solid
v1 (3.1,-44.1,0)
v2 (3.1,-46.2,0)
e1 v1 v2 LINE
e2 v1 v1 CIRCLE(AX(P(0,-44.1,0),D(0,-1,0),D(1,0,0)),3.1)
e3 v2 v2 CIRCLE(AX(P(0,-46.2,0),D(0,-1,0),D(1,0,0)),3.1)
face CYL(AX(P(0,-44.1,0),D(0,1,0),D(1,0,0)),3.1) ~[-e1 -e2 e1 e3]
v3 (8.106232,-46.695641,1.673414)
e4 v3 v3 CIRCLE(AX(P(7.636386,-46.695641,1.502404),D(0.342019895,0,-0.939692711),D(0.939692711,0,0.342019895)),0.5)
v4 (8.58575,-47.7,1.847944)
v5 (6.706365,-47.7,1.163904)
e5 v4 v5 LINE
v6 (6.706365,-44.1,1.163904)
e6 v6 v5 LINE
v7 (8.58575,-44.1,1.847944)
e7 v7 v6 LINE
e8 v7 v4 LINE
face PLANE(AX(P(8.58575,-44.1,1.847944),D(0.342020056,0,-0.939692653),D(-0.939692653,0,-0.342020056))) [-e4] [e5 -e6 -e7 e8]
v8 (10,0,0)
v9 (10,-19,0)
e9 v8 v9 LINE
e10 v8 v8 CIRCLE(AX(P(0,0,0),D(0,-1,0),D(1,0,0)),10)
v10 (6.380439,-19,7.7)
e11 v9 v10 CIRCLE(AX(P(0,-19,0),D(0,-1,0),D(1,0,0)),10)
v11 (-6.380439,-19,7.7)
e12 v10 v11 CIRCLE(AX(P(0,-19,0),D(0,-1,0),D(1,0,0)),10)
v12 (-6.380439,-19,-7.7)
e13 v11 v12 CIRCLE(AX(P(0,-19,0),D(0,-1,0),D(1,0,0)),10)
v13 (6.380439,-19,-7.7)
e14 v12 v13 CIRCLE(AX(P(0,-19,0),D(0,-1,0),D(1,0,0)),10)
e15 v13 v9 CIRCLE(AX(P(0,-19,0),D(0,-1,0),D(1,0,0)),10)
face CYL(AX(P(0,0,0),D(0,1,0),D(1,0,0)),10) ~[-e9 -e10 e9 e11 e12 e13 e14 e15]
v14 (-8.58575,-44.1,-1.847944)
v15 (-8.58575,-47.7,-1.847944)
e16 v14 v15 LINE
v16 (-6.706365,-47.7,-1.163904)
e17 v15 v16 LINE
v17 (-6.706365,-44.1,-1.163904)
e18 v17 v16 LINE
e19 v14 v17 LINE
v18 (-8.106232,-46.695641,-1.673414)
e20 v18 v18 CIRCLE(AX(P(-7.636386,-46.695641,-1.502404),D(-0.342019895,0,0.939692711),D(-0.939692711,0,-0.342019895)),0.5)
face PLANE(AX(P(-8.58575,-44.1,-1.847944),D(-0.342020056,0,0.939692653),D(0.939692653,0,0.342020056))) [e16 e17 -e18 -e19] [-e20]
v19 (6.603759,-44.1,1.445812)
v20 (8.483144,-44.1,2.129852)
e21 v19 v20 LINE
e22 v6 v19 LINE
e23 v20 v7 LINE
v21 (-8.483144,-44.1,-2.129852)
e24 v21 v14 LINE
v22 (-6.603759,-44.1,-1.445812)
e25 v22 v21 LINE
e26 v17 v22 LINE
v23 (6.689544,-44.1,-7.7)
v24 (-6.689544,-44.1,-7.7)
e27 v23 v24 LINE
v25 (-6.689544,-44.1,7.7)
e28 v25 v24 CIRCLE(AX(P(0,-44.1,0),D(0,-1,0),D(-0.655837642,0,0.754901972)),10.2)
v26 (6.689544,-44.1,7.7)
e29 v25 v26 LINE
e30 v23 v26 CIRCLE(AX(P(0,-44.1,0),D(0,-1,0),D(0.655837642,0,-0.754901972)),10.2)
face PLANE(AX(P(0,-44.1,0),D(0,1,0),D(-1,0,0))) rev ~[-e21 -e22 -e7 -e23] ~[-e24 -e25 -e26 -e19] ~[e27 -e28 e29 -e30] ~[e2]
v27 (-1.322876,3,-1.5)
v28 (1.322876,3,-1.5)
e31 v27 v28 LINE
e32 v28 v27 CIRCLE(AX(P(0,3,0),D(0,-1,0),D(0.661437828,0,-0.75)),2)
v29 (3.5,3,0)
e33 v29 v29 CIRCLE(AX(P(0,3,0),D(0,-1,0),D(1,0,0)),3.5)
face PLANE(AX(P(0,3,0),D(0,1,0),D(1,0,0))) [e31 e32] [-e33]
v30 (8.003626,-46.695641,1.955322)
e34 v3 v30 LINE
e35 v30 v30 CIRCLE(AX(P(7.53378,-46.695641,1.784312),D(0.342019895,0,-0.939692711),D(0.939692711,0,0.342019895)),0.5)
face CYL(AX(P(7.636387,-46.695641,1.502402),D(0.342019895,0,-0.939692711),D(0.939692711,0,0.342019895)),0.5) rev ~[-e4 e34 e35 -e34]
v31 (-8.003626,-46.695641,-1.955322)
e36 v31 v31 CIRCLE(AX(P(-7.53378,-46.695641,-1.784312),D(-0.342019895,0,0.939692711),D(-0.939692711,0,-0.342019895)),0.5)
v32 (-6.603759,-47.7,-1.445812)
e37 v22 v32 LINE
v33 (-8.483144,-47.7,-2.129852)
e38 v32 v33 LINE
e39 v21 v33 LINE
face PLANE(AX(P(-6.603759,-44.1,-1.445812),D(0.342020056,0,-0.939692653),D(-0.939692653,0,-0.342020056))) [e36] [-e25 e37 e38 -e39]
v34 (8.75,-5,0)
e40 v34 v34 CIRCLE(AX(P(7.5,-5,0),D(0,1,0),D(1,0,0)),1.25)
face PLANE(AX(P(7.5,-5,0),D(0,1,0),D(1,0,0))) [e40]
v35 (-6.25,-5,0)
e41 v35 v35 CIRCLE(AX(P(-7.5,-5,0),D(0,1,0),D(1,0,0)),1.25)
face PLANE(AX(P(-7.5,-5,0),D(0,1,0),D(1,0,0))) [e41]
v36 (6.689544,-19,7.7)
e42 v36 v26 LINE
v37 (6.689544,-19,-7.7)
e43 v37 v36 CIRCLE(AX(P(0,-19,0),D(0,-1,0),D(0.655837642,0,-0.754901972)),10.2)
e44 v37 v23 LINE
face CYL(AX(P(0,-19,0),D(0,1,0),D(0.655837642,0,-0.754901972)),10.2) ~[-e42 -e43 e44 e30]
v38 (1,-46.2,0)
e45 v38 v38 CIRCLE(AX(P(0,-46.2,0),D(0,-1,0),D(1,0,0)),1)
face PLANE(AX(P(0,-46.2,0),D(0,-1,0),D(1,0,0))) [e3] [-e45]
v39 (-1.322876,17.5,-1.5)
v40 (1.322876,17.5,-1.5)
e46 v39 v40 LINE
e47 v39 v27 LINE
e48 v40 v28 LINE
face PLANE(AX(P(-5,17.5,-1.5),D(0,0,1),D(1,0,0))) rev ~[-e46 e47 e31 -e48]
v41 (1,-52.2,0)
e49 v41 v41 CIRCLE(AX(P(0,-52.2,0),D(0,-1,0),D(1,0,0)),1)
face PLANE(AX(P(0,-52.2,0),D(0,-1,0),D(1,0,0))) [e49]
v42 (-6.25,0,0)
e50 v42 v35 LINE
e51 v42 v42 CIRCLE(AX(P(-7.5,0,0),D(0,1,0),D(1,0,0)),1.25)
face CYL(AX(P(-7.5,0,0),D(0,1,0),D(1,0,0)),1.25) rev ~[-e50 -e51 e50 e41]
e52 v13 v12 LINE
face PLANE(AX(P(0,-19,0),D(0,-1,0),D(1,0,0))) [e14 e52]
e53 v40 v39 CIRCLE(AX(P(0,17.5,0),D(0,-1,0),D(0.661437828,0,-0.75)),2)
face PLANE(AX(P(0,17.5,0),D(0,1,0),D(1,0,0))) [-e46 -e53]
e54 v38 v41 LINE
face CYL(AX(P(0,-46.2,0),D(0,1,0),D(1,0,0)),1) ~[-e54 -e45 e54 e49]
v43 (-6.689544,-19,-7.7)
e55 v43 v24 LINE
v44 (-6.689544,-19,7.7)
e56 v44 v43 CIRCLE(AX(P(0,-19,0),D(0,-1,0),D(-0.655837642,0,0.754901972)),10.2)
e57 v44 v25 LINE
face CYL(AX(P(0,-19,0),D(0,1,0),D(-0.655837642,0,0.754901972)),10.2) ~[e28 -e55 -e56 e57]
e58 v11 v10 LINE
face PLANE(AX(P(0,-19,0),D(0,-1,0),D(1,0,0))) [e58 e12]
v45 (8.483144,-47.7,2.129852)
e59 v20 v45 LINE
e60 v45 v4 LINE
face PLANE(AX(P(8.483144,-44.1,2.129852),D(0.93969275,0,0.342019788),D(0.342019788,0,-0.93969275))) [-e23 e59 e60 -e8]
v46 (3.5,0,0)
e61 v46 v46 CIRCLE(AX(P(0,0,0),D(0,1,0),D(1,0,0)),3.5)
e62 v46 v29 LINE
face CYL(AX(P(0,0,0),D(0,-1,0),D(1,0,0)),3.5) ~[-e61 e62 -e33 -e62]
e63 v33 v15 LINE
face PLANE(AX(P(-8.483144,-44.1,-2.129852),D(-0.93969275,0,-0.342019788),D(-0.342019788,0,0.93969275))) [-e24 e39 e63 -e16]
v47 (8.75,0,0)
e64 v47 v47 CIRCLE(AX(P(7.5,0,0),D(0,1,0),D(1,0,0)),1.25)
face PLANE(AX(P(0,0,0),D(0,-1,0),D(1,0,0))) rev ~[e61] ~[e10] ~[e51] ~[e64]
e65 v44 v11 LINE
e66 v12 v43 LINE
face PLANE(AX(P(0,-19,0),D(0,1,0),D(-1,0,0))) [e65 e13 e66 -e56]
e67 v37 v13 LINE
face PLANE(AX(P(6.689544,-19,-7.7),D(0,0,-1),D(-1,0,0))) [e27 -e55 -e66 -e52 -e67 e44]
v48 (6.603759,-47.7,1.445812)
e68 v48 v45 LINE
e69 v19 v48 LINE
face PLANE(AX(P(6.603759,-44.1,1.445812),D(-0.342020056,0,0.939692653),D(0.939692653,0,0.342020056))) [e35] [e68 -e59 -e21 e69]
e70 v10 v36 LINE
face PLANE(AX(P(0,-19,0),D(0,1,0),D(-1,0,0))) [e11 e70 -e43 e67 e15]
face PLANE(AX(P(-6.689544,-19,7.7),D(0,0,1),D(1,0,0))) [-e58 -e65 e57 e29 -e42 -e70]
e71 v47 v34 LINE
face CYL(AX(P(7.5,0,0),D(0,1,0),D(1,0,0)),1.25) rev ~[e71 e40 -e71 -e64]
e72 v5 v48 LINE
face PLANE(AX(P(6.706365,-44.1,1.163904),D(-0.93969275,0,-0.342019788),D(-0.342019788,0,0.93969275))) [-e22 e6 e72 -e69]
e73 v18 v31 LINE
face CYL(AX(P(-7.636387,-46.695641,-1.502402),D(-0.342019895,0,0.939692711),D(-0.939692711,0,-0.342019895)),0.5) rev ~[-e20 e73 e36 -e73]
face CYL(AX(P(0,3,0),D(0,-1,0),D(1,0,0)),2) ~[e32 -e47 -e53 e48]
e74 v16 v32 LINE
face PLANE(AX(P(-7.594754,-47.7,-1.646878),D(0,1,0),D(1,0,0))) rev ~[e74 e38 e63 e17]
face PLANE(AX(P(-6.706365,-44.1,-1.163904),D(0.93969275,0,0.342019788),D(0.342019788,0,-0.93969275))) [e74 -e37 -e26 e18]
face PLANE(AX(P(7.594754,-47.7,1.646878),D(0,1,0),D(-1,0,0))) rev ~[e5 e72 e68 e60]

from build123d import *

# Parameters (mm, degrees)
SKETCH_R              = 10
PAD_DEPTH             = 19
SKETCH001_R           = 3.5
PAD001_DEPTH          = 3
SKETCH002_R           = 2
PAD002_DEPTH          = 14.5
SKETCH003_W           = 10
SKETCH003_H           = 5
POCKET_DEPTH          = 14.5
PAD003_DEPTH          = 25.1
SKETCH005_R           = 3.1
PAD004_DEPTH          = 2.1
SKETCH006_R           = 1
PAD005_DEPTH          = 6
PAD006_DEPTH          = 3.6
SKETCH009_R           = 0.5
POCKET001_DEPTH       = 5
POLARPATTERN_COUNT    = 2
POLARPATTERN001_COUNT = 2
SKETCH010_R           = 1.25
POCKET002_DEPTH       = 5


with BuildPart() as part:
    # Sketch → Pad (new body)
    with BuildSketch(Plane.XZ):
        Circle(SKETCH_R)
    extrude(amount=PAD_DEPTH)

    # Sketch001 (on Face2 of Pad) → Pad001 (join)
    with BuildSketch(Plane(origin=(0, 0, 0), x_dir=(1, 0, 0), z_dir=(0, 1, 0))):
        Circle(SKETCH001_R)
    extrude(amount=PAD001_DEPTH)

    # Sketch002 (on Face5 of Pad001) → Pad002 (join)
    with BuildSketch(Plane(origin=(0, 3, 0), x_dir=(1, 0, 0), z_dir=(0, 1, 0))):
        Circle(SKETCH002_R)
    extrude(amount=PAD002_DEPTH)

    # Sketch003 (on Face7 of Pad002) → Pocket (cut)
    with BuildSketch(Plane(origin=(0, 17.5, 0), x_dir=(1, 0, 0), z_dir=(0, 1, 0))):
        with Locations((0, 4)):
            Rectangle(SKETCH003_W, SKETCH003_H)
    extrude(amount=-POCKET_DEPTH, mode=Mode.SUBTRACT)

    # Sketch004 (on Face3 of Pocket) → Pad003 (join)
    with BuildSketch(Plane.XZ.offset(19)):
        with BuildLine():
            Line((-6.689544, 7.7), (6.689544, 7.7))
            ThreePointArc((6.689544, -7.7), (10.2, 0), (6.689544, 7.7))
            Line((6.689544, -7.7), (-6.689544, -7.7))
            ThreePointArc((-6.689544, 7.7), (-10.2, 0), (-6.689544, -7.7))
        make_face()
    extrude(amount=PAD003_DEPTH)

    # Sketch005 (on Face14 of Pad003) → Pad004 (join)
    with BuildSketch(Plane.XZ.offset(44.1)):
        Circle(SKETCH005_R)
    extrude(amount=PAD004_DEPTH)

    # Sketch006 (on Face21 of Pad004) → Pad005 (join)
    with BuildSketch(Plane.XZ.offset(46.2)):
        Circle(SKETCH006_R)
    extrude(amount=PAD005_DEPTH)

    # Sketch008 (on Face14 of Pad005) → Pad006 (join)
    with BuildSketch(Plane.XZ.offset(44.1)):
        Polygon((6.603759, 1.445812), (8.483144, 2.129852), (8.58575, 1.847944), (6.706365, 1.163904), align=None)
    pad006 = extrude(amount=PAD006_DEPTH)

    # Sketch009 (on Face21 of Pad006) → Pocket001 (cut)
    with BuildSketch(Plane(origin=(0.410424, 0, -1.127631), x_dir=(0.939693, 0, 0.34202), z_dir=(0.34202, 0, -0.939693))):
        with Locations((7.689708, 46.695641)):
            Circle(SKETCH009_R)
    pocket001 = extrude(amount=-POCKET001_DEPTH, mode=Mode.SUBTRACT)

    # PolarPattern: Pad006 ×2 about axis
    polarpattern_axis = Axis((0, -44.1, 0), (0, -1, 0))
    for i in range(1, POLARPATTERN_COUNT):
        add(pad006.rotate(polarpattern_axis, i * 360 / POLARPATTERN_COUNT))

    # PolarPattern001: Pocket001 ×2 about axis
    polarpattern001_axis = Axis((0, 0, 0), (0, 1, 0))
    for i in range(1, POLARPATTERN001_COUNT):
        add(pocket001.rotate(polarpattern001_axis, i * 360 / POLARPATTERN001_COUNT), mode=Mode.SUBTRACT)

    # Sketch010 (on Face2 of PolarPattern001) → Pocket002 (cut)
    with BuildSketch(Plane(origin=(0, 0, 0), x_dir=(1, 0, 0), z_dir=(0, 1, 0))):
        with Locations((7.5, 0)):
            Circle(SKETCH010_R)
        with Locations((-7.5, 0)):
            Circle(SKETCH010_R)
    extrude(amount=-POCKET002_DEPTH, mode=Mode.SUBTRACT)


solid = part.part
